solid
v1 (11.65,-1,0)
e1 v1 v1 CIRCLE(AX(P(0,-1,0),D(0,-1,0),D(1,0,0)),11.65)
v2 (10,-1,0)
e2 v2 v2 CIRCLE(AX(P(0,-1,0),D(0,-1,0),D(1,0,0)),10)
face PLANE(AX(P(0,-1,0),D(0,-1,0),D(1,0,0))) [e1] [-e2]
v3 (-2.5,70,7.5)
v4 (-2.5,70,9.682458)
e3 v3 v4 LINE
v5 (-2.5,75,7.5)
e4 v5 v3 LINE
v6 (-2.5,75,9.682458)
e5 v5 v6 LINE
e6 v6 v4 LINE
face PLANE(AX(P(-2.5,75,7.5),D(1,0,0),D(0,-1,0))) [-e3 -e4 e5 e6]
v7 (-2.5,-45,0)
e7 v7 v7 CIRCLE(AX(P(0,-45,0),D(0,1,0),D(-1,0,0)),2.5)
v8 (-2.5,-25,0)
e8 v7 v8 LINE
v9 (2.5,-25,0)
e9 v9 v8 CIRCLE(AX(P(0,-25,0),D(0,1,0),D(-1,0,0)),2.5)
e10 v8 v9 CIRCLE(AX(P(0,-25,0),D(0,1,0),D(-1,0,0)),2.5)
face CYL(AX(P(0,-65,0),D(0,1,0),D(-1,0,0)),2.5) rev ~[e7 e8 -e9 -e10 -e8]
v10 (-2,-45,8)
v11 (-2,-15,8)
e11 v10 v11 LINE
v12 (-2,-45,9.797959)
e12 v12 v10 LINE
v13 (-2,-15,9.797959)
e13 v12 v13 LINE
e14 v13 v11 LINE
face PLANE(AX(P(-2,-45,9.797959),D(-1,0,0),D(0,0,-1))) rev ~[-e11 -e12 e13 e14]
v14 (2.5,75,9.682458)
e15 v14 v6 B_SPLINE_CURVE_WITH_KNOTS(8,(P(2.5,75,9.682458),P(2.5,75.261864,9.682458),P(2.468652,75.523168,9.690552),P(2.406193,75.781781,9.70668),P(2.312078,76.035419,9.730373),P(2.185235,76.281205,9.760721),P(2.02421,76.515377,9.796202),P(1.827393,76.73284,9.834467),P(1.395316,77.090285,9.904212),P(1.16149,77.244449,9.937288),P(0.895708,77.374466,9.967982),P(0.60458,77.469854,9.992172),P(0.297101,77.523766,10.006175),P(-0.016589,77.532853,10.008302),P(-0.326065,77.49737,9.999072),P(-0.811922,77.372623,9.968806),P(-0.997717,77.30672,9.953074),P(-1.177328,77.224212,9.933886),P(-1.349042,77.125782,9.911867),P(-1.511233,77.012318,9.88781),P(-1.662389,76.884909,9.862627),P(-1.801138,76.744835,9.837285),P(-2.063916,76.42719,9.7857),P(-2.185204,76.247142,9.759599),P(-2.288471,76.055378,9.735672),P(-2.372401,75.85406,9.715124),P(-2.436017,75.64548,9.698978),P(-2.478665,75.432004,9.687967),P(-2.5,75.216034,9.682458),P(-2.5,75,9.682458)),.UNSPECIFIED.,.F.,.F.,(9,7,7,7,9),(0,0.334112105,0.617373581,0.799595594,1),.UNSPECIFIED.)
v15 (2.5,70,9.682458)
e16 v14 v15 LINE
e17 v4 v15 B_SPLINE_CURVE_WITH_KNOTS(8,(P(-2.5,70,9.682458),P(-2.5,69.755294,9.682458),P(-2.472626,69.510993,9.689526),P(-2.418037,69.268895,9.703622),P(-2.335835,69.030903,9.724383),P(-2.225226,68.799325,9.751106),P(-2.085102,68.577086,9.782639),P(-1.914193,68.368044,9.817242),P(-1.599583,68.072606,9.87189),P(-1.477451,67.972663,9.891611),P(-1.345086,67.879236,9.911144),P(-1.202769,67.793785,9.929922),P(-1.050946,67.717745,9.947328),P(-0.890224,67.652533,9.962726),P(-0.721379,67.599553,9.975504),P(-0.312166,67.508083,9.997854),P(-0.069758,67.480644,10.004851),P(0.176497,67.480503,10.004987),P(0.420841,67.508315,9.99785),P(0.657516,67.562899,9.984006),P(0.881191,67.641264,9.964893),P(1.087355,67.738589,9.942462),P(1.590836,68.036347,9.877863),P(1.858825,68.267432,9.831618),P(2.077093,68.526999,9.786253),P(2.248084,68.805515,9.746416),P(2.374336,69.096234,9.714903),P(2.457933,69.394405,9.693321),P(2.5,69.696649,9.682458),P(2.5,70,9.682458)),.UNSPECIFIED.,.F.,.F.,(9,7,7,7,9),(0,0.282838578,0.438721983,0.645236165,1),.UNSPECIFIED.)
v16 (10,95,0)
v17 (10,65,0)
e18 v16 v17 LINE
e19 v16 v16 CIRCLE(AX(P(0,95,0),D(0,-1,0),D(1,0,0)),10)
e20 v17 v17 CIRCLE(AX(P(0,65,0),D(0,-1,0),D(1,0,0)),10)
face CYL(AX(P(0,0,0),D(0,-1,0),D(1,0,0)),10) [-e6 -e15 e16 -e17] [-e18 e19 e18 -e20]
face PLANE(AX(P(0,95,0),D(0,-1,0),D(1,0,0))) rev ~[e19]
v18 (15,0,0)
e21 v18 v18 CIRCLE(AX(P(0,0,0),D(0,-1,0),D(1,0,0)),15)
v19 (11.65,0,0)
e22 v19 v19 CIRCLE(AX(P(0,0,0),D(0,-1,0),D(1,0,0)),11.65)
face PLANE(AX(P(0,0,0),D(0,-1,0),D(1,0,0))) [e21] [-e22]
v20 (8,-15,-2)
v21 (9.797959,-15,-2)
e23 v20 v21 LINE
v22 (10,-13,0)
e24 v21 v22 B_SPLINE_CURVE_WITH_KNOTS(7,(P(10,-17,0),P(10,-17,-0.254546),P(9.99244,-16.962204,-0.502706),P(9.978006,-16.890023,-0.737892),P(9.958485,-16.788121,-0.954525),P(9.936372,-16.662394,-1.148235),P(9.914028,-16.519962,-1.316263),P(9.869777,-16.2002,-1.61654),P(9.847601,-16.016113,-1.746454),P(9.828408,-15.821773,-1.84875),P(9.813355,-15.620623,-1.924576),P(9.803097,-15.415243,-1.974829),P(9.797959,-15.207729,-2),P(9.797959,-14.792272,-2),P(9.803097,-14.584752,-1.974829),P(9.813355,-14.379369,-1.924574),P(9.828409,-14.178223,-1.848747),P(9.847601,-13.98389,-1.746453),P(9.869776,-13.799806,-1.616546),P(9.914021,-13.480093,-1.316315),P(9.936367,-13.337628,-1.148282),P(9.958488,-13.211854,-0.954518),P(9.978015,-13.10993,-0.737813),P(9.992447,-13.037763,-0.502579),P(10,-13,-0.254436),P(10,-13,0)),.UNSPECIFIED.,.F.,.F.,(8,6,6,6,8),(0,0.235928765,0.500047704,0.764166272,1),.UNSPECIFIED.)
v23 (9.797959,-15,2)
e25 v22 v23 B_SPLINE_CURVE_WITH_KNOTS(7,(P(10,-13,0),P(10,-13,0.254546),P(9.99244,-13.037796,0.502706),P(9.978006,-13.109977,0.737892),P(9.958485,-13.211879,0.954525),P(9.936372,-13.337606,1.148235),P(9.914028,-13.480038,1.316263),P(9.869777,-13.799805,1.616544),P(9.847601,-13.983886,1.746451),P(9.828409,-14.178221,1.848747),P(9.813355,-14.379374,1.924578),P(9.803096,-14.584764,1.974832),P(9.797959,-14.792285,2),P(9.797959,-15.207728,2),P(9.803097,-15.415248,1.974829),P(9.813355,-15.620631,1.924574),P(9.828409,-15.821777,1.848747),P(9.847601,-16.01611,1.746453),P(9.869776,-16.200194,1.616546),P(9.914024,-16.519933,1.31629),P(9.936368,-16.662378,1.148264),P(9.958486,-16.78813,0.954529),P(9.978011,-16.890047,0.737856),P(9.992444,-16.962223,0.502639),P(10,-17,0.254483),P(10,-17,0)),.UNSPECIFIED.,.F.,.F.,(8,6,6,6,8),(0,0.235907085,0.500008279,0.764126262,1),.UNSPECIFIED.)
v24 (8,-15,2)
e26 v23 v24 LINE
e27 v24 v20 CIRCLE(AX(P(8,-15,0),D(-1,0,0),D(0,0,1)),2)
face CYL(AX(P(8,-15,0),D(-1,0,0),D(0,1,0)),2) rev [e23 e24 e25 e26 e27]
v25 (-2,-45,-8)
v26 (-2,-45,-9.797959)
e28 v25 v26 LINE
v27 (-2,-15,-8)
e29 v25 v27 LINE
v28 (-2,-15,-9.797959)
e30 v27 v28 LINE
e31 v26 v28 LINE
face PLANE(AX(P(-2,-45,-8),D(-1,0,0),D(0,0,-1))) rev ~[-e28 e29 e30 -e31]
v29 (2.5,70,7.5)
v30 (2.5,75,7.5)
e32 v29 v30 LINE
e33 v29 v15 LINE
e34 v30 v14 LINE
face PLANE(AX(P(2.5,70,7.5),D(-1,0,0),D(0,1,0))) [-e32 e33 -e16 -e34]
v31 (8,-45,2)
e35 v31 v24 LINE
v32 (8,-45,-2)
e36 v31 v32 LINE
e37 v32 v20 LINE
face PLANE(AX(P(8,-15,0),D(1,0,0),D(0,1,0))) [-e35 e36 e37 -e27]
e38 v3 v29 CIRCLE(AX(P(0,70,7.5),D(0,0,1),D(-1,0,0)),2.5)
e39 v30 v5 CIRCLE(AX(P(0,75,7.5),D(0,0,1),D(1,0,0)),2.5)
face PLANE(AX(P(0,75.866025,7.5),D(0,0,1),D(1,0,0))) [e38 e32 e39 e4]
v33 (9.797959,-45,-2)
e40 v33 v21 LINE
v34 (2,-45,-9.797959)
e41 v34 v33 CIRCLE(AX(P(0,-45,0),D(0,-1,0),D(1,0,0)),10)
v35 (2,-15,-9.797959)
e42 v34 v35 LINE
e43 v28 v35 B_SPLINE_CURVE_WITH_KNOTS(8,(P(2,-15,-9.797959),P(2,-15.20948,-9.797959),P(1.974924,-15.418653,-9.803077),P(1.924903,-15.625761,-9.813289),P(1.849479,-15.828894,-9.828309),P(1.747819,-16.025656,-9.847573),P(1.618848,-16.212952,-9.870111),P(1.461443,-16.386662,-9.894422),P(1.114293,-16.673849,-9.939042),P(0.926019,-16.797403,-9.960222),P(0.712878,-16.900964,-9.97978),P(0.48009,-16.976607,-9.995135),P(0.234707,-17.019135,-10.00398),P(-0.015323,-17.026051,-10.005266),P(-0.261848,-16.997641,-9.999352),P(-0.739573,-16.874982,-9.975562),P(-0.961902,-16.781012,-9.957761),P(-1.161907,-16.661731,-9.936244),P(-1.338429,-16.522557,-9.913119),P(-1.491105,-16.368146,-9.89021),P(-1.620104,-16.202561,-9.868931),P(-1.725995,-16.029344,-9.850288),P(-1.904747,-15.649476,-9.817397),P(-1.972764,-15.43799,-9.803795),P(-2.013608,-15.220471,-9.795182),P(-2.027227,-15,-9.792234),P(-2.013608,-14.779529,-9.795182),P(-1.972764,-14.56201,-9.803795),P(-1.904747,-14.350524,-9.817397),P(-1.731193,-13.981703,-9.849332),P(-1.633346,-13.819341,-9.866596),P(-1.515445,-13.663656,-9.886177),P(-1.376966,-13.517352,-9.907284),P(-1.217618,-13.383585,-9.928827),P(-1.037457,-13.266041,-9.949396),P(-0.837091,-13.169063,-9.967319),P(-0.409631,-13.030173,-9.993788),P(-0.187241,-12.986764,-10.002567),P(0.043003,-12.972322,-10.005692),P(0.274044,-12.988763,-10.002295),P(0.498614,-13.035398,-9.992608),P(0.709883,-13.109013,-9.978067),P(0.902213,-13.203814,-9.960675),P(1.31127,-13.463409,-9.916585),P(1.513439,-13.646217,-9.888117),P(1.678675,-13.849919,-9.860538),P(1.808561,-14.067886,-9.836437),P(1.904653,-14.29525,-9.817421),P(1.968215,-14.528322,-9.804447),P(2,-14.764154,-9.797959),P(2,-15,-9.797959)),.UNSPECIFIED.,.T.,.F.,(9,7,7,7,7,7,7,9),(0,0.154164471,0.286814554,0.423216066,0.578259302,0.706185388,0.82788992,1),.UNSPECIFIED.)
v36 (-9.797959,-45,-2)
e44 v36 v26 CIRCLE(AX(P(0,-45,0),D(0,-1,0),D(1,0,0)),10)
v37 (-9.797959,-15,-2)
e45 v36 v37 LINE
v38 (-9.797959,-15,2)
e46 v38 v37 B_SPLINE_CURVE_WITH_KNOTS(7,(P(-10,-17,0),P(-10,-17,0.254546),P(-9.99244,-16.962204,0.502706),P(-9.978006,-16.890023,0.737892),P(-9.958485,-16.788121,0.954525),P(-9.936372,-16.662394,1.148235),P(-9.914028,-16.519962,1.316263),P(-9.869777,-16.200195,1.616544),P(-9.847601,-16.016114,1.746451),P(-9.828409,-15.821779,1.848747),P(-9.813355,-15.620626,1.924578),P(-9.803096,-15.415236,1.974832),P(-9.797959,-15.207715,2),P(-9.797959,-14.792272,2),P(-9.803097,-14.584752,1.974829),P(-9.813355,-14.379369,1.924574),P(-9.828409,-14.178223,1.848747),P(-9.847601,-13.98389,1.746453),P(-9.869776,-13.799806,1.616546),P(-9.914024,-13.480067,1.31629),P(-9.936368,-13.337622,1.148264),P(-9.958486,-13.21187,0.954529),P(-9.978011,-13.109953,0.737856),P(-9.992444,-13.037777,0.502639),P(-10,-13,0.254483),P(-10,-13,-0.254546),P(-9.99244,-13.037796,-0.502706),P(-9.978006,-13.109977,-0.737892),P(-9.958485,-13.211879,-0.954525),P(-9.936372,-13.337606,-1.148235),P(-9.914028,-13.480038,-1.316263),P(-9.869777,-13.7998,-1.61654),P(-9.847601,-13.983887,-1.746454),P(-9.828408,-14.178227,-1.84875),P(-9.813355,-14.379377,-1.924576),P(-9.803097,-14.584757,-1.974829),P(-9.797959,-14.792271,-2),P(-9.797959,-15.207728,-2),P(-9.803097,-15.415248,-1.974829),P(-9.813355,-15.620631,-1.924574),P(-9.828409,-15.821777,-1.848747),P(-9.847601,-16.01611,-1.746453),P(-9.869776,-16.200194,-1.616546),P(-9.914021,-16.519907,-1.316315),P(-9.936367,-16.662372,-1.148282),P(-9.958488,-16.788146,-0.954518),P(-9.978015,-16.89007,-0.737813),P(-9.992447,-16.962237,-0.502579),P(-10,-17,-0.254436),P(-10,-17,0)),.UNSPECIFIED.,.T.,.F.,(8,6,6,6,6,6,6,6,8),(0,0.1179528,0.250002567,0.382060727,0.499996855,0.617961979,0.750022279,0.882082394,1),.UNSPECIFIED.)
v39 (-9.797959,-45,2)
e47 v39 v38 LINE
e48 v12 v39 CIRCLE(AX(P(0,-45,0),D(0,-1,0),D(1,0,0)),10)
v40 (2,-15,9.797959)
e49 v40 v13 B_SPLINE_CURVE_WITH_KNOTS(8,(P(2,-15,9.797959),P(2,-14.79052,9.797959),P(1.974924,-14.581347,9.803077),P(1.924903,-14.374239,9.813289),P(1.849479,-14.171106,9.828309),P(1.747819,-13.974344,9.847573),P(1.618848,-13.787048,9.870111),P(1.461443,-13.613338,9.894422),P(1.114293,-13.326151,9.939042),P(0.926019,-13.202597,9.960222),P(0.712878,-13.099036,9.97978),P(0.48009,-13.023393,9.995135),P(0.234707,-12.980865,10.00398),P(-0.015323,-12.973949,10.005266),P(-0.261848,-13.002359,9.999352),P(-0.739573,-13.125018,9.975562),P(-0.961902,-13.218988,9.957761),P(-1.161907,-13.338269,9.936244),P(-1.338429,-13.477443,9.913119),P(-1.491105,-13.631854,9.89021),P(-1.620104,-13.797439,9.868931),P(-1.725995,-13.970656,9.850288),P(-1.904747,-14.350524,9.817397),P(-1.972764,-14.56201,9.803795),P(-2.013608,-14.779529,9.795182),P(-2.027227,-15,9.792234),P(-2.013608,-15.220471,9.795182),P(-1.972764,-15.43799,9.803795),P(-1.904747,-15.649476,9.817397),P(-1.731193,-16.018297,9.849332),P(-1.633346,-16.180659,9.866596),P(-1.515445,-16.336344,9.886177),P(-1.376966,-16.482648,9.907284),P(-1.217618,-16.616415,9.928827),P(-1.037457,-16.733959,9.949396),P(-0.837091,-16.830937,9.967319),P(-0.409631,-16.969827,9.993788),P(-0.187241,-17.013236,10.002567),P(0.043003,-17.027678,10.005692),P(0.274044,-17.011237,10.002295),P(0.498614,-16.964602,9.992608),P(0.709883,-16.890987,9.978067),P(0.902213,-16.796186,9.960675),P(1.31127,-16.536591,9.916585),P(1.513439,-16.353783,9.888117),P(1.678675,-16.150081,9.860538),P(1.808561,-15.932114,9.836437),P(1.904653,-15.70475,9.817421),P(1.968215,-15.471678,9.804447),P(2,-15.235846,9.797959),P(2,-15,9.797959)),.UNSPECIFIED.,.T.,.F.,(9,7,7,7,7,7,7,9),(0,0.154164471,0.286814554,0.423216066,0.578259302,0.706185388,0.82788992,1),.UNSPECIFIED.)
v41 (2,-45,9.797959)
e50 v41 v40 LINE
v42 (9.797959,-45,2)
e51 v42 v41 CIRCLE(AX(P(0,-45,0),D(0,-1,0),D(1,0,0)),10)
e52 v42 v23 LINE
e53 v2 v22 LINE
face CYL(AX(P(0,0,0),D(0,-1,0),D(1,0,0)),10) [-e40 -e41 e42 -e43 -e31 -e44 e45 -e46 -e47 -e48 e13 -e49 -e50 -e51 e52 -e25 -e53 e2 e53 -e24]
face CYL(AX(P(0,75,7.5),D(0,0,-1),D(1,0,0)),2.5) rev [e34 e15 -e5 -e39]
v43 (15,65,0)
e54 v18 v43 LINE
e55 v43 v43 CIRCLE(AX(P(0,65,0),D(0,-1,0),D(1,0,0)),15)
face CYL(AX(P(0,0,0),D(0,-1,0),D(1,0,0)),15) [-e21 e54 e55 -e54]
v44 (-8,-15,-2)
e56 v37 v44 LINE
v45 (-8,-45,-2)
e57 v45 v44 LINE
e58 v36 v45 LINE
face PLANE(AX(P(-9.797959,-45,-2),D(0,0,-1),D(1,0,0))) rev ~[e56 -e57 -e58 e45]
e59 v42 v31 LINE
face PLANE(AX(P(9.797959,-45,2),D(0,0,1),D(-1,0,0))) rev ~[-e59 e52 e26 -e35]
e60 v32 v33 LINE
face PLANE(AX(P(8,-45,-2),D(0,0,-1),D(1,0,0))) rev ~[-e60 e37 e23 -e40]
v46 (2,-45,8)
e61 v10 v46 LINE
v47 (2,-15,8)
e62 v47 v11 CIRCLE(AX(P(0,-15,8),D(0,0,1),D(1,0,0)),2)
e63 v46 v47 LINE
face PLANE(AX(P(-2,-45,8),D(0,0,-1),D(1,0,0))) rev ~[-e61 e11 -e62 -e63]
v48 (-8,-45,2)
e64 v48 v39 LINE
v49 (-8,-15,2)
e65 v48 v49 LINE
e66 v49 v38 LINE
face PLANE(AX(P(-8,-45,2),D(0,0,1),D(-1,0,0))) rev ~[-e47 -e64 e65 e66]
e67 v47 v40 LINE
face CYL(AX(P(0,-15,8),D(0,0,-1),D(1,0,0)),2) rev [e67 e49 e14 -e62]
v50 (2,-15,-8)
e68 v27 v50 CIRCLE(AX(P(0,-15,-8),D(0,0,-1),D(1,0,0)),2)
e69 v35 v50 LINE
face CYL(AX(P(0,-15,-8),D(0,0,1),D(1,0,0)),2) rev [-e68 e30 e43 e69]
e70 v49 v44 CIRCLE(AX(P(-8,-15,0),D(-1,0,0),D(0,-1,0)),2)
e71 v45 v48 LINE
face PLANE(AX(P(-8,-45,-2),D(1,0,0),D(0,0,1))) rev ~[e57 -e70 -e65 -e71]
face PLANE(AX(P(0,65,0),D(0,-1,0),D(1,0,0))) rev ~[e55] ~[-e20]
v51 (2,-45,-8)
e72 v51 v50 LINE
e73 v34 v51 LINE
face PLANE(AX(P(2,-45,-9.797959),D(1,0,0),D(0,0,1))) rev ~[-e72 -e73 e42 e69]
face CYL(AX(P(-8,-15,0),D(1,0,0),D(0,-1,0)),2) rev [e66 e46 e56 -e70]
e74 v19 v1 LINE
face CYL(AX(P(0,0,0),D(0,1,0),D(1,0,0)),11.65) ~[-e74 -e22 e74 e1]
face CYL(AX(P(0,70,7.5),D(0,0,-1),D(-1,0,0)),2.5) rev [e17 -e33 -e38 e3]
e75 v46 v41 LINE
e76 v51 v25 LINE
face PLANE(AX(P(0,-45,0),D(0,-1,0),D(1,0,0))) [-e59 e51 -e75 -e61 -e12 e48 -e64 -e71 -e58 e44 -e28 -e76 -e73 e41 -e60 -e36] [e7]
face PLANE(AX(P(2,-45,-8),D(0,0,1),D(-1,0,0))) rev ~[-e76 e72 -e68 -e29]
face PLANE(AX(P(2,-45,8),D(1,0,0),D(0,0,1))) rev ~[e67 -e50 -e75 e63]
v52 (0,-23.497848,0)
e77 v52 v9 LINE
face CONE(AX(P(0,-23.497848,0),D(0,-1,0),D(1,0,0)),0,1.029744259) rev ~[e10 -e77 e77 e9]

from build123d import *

# Parameters (mm, degrees)
F0_R          = 10
F1_DEPTH      = 45
F1_DEPTH_BACK = 95
F0_R_2        = 15
F2_DEPTH      = 65
F4_START      = 7.5
F4_DEPTH      = 17.5
F6_DEPTH      = 30
F7_R          = 2
F8_DEPTH      = 25
F9_R          = 2
F10_DEPTH     = 25
F11_R         = 2
F12_DEPTH     = 25
F13_R         = 2
F14_DEPTH     = 25
F16_D         = 5
F16_DEPTH     = 20
F16_TIP       = 1.5021515476
F17_R         = 11.65
F18_DEPTH     = 1


with BuildPart() as f1:
    # F0 (on Front) → F1 (new body, two sides)
    with BuildSketch(Plane.XZ) as f1_sk:
        Circle(F0_R)
    extrude(amount=F1_DEPTH)
    extrude(f1_sk.sketch, amount=-F1_DEPTH_BACK)

    # F0 (on Front) → F2 (join)
    with BuildSketch(Plane.XZ):
        Circle(F0_R_2)
        Circle(F0_R, mode=Mode.SUBTRACT)
    extrude(amount=-F2_DEPTH)

    # F3 (on Top) → F4 (cut)
    with BuildSketch(Plane.XY.offset(F4_START)):
        with BuildLine():
            ThreePointArc((2.5, 75), (0, 77.5), (-2.5, 75))
            Line((-2.5, 75), (2.5, 75))
        make_face()
        with BuildLine():
            ThreePointArc((0, 72.5), (-1.767766953, 73.232233047), (-2.5, 75))
            Line((-2.5, 75), (-2.5, 70))
            ThreePointArc((-2.5, 70), (-1.767766953, 71.767766953), (0, 72.5))
        make_face()
        with BuildLine():
            Line((2.5, 75), (-2.5, 75))
            ThreePointArc((-2.5, 75), (-1.767766953, 73.232233047), (0, 72.5))
            ThreePointArc((0, 72.5), (1.767766953, 73.232233047), (2.5, 75))
        make_face()
        with BuildLine():
            Line((2.5, 70), (2.5, 75))
            ThreePointArc((2.5, 75), (1.767766953, 73.232233047), (0, 72.5))
            ThreePointArc((0, 72.5), (1.767766953, 71.767766953), (2.5, 70))
        make_face()
        with BuildLine():
            ThreePointArc((0, 72.5), (-1.767766953, 71.767766953), (-2.5, 70))
            Line((-2.5, 70), (2.5, 70))
            ThreePointArc((2.5, 70), (1.767766953, 71.767766953), (0, 72.5))
        make_face()
        with BuildLine():
            Line((2.5, 70), (-2.5, 70))
            ThreePointArc((-2.5, 70), (0, 67.5), (2.5, 70))
        make_face()
    extrude(amount=F4_DEPTH, mode=Mode.SUBTRACT)

    # F5 (on face) → F6 (cut)
    with BuildSketch(Plane.XZ.offset(45)):
        with BuildLine():
            Line((2, 8), (2, 9.7979589711))
            ThreePointArc((2, 9.7979589711), (0, 10), (-2, 9.7979589711))
            Line((-2, 9.7979589711), (-2, 8))
            Line((-2, 8), (2, 8))
        make_face()
        with BuildLine():
            ThreePointArc((9.7979589711, -2), (9.9493615301, -1.0050896201), (10, 0))
            ThreePointArc((10, 0), (9.9493615301, 1.0050896201), (9.7979589711, 2))
            Line((9.7979589711, 2), (8, 2))
            Line((8, 2), (8, -2))
            Line((8, -2), (9.7979589711, -2))
        make_face()
        with BuildLine():
            ThreePointArc((-2, -9.7979589711), (0, -10), (2, -9.7979589711))
            Line((2, -9.7979589711), (2, -8))
            Line((2, -8), (-2, -8))
            Line((-2, -8), (-2, -9.7979589711))
        make_face()
        with BuildLine():
            Line((-8, 2), (-9.7979589711, 2))
            ThreePointArc((-9.7979589711, 2), (-10, 0), (-9.7979589711, -2))
            Line((-9.7979589711, -2), (-8, -2))
            Line((-8, -2), (-8, 2))
        make_face()
    extrude(amount=-F6_DEPTH, mode=Mode.SUBTRACT)

    # F7 (on face) → F8 (cut)
    with BuildSketch(Plane.XY.offset(8)):
        with Locations((0, -15)):
            Circle(F7_R)
    extrude(amount=F8_DEPTH, mode=Mode.SUBTRACT)

    # F9 (on face) → F10 (cut)
    with BuildSketch(Plane.YZ.offset(8)):
        with Locations((-15, 0)):
            Circle(F9_R)
    extrude(amount=F10_DEPTH, mode=Mode.SUBTRACT)

    # F11 (on face) → F12 (cut)
    with BuildSketch(Plane(origin=(0, 0, -8), x_dir=(1, 0, 0), z_dir=(0, 0, -1))):
        with Locations((0, 15)):
            Circle(F11_R)
    extrude(amount=F12_DEPTH, mode=Mode.SUBTRACT)

    # F13 (on face) → F14 (cut)
    with BuildSketch(Plane(origin=(-8, 0, 0), x_dir=(0, -1, 0), z_dir=(-1, 0, 0))):
        with Locations((15, 0)):
            Circle(F13_R)
    extrude(amount=F14_DEPTH, mode=Mode.SUBTRACT)

    # F16
    with Locations(Plane.XZ.offset(45)):
        with Locations((0, 0)):
            Hole(F16_D / 2, depth=F16_DEPTH)
            with Locations((0, 0, -(F16_DEPTH + F16_TIP / 2))):  # 118° drill point
                Cone(0, F16_D / 2, F16_TIP, mode=Mode.SUBTRACT)

    # F17 (on face) → F18 (join)
    with BuildSketch(Plane.XZ):
        Circle(F17_R)
    extrude(amount=F18_DEPTH)


solid = f1.part
